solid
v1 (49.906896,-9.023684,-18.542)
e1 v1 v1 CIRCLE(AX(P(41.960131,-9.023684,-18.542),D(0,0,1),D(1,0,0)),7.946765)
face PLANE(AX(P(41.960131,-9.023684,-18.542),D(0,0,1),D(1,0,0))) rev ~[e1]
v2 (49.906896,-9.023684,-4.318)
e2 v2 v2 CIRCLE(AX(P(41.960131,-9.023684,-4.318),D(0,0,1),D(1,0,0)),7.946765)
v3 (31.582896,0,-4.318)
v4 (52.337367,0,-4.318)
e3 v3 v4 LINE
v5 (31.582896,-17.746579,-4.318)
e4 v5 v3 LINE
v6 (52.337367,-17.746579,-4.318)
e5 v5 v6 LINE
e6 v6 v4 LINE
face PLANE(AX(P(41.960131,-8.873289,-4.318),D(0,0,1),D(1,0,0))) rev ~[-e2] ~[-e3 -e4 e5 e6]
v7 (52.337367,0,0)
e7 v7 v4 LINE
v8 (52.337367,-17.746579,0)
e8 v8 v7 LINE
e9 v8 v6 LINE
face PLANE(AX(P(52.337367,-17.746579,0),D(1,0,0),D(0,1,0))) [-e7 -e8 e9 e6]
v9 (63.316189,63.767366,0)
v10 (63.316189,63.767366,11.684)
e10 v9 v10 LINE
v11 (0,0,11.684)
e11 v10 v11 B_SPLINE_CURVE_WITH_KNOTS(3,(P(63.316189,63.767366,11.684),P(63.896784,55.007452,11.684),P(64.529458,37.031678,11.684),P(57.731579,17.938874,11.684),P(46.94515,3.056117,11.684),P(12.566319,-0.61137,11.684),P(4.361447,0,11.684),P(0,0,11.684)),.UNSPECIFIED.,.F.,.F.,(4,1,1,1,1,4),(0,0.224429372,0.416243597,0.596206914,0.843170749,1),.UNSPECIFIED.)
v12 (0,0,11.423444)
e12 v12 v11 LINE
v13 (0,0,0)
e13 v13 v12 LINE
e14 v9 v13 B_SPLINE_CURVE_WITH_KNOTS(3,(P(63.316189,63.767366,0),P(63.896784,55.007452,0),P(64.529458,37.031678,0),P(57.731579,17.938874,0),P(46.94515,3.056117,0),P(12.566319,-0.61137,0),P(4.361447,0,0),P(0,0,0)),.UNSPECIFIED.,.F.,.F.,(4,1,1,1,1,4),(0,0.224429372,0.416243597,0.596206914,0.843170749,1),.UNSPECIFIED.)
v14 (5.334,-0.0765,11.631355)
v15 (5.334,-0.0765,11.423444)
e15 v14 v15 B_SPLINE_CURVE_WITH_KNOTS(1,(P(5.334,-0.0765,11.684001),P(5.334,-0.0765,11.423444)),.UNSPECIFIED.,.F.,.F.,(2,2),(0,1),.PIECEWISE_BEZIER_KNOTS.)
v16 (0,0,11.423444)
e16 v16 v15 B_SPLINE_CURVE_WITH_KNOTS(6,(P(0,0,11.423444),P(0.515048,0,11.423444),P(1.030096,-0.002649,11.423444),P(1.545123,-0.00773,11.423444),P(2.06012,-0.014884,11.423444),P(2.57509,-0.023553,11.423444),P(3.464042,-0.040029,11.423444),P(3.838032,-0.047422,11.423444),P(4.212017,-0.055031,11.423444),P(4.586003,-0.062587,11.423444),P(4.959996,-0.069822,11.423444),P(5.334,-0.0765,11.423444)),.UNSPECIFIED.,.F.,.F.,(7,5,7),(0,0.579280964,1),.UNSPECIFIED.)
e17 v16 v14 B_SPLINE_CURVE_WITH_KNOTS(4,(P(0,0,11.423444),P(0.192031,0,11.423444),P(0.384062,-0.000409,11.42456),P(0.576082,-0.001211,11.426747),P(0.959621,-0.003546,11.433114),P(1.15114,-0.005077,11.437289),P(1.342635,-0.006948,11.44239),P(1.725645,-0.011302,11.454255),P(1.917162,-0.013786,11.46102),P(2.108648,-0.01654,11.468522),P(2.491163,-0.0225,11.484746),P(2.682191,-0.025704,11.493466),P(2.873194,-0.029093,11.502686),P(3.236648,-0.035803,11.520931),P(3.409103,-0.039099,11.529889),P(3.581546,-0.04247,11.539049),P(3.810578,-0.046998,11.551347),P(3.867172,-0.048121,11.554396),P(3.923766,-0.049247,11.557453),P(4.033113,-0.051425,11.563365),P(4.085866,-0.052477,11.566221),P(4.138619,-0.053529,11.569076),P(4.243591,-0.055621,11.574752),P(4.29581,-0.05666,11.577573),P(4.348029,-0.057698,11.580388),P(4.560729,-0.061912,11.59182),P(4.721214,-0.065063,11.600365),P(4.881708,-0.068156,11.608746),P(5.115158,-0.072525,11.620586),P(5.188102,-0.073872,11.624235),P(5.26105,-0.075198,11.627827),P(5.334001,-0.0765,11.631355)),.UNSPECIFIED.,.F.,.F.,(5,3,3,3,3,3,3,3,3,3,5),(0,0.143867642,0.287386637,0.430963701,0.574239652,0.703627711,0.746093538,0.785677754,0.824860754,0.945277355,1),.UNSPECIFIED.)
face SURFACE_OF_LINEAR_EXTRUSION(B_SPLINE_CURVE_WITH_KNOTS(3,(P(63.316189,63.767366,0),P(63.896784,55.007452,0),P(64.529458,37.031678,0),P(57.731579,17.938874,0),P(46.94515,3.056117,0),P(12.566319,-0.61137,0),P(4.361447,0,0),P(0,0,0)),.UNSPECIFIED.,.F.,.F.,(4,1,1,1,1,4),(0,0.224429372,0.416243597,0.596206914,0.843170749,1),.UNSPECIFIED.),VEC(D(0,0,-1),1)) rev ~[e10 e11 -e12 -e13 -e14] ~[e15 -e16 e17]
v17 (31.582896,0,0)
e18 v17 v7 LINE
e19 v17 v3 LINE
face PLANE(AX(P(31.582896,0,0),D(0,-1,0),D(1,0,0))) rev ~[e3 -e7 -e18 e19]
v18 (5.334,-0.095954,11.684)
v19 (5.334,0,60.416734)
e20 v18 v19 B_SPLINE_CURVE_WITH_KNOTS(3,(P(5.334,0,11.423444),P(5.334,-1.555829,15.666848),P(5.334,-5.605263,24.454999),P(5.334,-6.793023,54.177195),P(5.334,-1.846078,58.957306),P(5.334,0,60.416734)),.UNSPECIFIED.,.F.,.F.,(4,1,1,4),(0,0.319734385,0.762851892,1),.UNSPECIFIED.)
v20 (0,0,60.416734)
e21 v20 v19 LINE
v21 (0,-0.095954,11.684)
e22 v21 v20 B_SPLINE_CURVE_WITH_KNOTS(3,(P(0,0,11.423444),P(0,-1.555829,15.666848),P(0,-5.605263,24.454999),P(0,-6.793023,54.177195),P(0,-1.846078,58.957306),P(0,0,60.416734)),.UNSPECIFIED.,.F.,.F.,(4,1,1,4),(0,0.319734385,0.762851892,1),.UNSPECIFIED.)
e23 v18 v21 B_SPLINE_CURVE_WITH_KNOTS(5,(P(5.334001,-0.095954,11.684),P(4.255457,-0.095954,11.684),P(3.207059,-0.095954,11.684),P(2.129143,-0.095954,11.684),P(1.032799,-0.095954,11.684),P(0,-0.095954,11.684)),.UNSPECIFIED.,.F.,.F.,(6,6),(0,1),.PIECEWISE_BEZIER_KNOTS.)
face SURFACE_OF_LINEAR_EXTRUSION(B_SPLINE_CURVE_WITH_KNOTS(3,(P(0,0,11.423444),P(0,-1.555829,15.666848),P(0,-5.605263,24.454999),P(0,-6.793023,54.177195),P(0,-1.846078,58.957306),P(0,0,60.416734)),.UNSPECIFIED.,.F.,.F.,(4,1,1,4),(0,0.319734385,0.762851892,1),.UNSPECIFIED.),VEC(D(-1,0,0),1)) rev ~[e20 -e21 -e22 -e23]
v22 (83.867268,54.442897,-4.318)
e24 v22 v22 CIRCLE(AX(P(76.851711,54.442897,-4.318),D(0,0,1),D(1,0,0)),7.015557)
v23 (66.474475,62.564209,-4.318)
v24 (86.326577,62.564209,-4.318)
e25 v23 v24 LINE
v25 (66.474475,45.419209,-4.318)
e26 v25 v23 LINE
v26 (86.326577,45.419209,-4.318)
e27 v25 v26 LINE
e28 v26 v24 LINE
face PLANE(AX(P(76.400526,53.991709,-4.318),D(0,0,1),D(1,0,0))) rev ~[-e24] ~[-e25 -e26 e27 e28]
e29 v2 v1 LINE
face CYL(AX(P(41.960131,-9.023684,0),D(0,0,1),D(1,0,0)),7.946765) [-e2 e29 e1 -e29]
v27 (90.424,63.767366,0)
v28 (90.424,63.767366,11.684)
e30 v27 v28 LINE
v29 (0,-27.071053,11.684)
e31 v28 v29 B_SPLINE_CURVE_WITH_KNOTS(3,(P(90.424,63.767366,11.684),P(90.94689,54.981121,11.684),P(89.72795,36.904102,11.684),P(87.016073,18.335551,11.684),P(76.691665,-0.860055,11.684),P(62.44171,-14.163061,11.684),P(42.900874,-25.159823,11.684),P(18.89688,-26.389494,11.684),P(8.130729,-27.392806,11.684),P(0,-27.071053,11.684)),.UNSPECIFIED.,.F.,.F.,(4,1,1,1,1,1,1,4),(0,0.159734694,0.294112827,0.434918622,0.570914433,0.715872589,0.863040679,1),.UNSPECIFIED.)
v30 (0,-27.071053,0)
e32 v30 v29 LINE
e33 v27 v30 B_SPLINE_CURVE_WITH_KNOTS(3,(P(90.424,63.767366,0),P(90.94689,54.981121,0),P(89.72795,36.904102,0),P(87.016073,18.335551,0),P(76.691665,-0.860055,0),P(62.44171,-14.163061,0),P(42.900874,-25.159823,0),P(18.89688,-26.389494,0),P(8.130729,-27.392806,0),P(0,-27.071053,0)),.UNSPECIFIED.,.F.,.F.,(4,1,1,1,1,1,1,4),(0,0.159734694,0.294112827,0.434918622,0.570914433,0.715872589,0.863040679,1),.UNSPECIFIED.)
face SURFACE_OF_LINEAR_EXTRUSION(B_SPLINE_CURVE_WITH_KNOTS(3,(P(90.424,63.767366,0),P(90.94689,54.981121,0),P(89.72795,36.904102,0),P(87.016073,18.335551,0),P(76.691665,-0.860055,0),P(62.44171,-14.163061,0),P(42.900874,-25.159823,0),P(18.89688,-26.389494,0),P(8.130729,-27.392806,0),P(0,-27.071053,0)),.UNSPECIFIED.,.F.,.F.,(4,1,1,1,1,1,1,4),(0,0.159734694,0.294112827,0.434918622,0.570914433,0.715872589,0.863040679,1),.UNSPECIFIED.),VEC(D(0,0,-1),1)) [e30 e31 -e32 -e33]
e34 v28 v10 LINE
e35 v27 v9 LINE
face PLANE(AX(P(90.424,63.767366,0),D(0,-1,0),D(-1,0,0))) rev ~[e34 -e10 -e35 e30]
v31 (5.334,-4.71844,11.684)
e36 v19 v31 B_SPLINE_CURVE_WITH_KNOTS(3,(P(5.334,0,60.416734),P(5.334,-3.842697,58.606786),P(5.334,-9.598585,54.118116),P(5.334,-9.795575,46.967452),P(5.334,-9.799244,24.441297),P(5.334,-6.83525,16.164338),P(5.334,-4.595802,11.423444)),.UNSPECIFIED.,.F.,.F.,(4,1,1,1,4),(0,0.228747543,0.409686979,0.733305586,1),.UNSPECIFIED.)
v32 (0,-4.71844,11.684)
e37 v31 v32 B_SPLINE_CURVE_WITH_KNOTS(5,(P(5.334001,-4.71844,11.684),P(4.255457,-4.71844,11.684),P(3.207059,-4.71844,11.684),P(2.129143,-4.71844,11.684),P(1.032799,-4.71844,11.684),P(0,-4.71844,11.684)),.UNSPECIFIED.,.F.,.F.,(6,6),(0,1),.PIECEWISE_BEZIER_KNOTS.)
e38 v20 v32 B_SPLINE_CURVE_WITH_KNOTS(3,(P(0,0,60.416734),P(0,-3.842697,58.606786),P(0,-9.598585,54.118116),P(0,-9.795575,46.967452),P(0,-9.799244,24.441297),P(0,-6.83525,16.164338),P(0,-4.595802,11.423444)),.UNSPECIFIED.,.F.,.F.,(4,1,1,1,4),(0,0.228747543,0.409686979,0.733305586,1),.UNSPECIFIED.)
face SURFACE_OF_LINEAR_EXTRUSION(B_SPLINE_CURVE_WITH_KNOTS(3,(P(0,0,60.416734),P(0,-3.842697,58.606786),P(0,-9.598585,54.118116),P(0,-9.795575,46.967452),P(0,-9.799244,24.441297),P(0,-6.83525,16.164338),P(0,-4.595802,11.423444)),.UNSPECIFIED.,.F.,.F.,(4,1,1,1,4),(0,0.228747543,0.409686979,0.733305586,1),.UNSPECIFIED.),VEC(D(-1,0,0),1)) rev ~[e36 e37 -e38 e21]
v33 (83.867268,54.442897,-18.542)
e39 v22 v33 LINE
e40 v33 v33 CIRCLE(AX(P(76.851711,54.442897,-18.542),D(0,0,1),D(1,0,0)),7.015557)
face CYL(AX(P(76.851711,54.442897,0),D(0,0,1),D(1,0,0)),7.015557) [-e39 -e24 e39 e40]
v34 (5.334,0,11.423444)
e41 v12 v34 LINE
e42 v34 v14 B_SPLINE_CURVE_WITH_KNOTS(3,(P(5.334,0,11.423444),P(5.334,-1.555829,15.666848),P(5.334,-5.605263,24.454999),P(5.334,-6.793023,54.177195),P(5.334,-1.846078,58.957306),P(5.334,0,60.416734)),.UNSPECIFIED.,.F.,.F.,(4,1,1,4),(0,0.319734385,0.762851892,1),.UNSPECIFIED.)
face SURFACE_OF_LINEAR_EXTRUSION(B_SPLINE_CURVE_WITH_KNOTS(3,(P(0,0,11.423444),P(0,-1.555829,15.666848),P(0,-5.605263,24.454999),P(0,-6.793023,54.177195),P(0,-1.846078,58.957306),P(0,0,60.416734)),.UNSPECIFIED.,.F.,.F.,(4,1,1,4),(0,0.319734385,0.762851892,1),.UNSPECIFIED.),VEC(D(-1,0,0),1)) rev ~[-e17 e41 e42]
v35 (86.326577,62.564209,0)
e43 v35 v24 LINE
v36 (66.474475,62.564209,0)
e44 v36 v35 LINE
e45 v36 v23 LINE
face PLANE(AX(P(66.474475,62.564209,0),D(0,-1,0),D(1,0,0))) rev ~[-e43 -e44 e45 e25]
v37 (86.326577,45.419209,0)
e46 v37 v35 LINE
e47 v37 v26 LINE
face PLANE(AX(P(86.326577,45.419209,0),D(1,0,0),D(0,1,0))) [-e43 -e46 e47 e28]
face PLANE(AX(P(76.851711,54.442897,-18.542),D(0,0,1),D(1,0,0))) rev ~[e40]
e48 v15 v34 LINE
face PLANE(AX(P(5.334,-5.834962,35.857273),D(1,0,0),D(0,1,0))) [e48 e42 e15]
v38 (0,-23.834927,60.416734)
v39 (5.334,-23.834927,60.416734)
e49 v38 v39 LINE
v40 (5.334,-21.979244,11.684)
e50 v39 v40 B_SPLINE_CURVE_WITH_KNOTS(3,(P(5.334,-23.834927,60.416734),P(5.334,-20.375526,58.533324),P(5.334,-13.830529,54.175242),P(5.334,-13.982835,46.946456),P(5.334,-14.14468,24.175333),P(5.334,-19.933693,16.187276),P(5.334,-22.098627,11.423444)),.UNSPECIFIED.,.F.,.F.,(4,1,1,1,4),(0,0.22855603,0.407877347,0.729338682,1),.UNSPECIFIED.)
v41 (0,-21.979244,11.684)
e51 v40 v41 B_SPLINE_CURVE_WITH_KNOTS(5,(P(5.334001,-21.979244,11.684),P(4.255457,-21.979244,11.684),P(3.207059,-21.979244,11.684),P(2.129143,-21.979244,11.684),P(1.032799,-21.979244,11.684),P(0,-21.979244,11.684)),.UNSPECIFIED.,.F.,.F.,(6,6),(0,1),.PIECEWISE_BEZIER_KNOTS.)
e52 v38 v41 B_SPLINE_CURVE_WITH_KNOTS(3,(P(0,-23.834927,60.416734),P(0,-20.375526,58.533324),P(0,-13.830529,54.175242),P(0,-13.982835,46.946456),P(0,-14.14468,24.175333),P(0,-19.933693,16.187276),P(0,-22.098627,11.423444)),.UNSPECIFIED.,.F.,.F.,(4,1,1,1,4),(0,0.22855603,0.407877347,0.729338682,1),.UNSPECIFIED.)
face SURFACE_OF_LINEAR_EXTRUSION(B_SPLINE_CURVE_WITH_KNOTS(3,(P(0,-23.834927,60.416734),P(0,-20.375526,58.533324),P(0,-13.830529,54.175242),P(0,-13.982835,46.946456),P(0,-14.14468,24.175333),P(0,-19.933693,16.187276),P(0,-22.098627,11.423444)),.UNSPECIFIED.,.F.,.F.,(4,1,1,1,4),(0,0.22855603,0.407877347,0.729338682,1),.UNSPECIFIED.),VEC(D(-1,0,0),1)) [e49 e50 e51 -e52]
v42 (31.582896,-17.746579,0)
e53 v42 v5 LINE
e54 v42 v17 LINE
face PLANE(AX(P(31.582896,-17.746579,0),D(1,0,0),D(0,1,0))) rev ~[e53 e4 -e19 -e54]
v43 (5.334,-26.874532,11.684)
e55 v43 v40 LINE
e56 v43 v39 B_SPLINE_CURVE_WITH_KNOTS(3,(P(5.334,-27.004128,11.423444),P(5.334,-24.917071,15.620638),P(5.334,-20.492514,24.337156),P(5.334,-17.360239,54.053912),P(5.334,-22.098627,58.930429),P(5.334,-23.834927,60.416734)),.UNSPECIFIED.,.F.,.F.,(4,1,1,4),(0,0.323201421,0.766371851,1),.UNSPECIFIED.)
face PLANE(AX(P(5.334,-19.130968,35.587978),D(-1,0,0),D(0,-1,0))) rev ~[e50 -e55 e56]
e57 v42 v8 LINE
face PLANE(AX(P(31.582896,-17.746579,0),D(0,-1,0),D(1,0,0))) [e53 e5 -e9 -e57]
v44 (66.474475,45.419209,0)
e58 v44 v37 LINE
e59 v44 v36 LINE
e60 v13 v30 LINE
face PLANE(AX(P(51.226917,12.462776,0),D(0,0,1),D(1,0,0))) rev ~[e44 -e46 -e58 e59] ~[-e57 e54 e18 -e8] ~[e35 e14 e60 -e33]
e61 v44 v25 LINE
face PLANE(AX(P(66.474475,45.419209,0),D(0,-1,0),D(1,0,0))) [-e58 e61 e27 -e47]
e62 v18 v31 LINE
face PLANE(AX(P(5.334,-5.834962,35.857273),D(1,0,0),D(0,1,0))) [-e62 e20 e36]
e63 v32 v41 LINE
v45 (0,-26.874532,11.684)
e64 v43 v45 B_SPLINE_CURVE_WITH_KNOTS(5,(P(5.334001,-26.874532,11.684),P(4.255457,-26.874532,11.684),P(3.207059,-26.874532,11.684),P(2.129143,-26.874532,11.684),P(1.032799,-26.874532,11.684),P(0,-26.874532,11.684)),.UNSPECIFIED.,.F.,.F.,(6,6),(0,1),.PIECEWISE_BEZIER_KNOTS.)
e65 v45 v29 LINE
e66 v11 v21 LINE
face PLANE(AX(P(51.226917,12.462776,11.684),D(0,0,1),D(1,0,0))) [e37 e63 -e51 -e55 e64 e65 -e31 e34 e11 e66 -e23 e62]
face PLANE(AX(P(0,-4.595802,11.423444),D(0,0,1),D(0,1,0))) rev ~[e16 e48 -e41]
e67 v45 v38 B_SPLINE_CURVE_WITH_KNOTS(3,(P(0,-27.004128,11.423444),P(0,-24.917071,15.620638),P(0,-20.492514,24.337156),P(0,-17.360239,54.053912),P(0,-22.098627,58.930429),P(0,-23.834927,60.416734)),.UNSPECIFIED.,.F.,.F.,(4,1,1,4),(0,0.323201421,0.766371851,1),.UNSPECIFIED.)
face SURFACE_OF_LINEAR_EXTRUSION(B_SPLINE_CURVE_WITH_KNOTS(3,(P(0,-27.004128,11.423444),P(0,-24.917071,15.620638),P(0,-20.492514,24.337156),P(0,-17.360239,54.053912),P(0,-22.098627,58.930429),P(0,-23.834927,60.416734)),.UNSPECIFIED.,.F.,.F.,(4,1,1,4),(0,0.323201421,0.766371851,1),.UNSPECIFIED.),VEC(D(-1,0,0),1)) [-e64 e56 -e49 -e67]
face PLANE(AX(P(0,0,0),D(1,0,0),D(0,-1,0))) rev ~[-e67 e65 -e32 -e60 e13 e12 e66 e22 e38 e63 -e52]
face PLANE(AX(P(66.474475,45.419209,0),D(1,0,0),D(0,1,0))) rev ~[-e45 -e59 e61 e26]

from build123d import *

# Parameters (mm, degrees)
F1_R     = 7.0155570226
F2_DEPTH = 18.542
F3_R     = 7.9467646893
F4_DEPTH = 18.542
F7_DEPTH = 5.334
F8_DEPTH = 11.684
F0_W     = 20.7544714212
F0_H     = 17.746578902
F0_W_2   = 19.8521018028
F0_H_2   = 17.1450003982
F9_DEPTH = 4.318


with BuildPart() as f2:
    # F1 (on Top) → F2 (new body)
    with BuildSketch(Plane.XY):
        with Locations((76.8517106771, 54.442897439)):
            Circle(F1_R)
    extrude(amount=-F2_DEPTH)



with BuildPart() as f4:
    # F3 (on Top) → F4 (new body)
    with BuildSketch(Plane.XY):
        with Locations((41.960131377, -9.023684077)):
            Circle(F3_R)
    extrude(amount=-F4_DEPTH)


with BuildPart() as f7:
    # F6 (on Right) → F7 (new body)
    with BuildSketch(Plane.YZ):
        with BuildLine():
            add(Edge.make_bspline(
                [(-27.004128322, 11.4234443754), (-24.9170712549, 15.6206381214), (-20.4925139948, 24.3371562752), (-17.3602385126, 54.0539118613), (-22.0986272096, 58.9304288492), (-23.8349272719, 60.4167338461)],
                knots=[0, 0, 0, 0, 0.323201421, 0.7663718509, 1, 1, 1, 1], degree=3))
            Line((-27.004128322, 11.4234443754), (-22.0986272096, 11.4234443754))
            add(Edge.make_bspline(
                [(-23.8349272719, 60.4167338461), (-20.3755259414, 58.5333244768), (-13.8305290902, 54.1752420005), (-13.9828351318, 46.9464555143), (-14.1446804387, 24.1753330063), (-19.9336931034, 16.1872758203), (-22.0986272096, 11.4234443754)],
                knots=[0, 0, 0, 0, 0.2285560301, 0.4078773473, 0.7293386816, 1, 1, 1, 1], degree=3))
        make_face()
    extrude(amount=F7_DEPTH)


with BuildPart() as f7b:
    # F6 (on Right) → F7, piece 2 (new body)
    with BuildSketch(Plane.YZ):
        with BuildLine():
            Line((-4.5958016999, 11.4234443754), (0, 11.4234443754))
            add(Edge.make_bspline(
                [(0, 11.4234443754), (-1.5558292644, 15.6668477759), (-5.6052633039, 24.4549985378), (-6.7930231719, 54.1771953118), (-1.846077584, 58.9573064034), (0, 60.4167338461)],
                knots=[0, 0, 0, 0, 0.3197343851, 0.7628518919, 1, 1, 1, 1], degree=3))
            add(Edge.make_bspline(
                [(0, 60.4167338461), (-3.8426967978, 58.6067863753), (-9.5985845649, 54.1181159991), (-9.7955748005, 46.9674516518), (-9.7992443925, 24.4412973301), (-6.835249773, 16.1643384386), (-4.5958016999, 11.4234443754)],
                knots=[0, 0, 0, 0, 0.2287475428, 0.4096869795, 0.733305586, 1, 1, 1, 1], degree=3))
        make_face()
    extrude(amount=F7_DEPTH)


with BuildPart() as f2_1:
    add(f2.part)

    add(f4.part)  # F8 merges F4

    add(f7.part)  # F8 merges F7

    add(f7b.part)  # F8 merges F7b
    # F5 (on Top) → F8 (join)
    with BuildSketch(Plane.XY):
        with BuildLine():
            Line((0, 0), (0, -27.0710531622))
            add(Edge.make_bspline(
                [(90.4240001332, 63.7673661113), (90.946889777, 54.9811213625), (89.7279496558, 36.9041024903), (87.016072715, 18.3355513143), (76.691665346, -0.8600546564), (62.441709707, -14.1630605577), (42.9008739567, -25.1598232125), (18.8968795163, -26.3894935088), (8.1307288286, -27.3928058719), (0, -27.0710531622)],
                knots=[0, 0, 0, 0, 0.1597346938, 0.2941128272, 0.434918622, 0.5709144334, 0.7158725886, 0.8630406795, 1, 1, 1, 1], degree=3))
            Line((90.4240001332, 63.7673661113), (63.3161887527, 63.7673661113))
            add(Edge.make_bspline(
                [(63.3161887527, 63.7673661113), (63.89678398, 55.0074521155), (64.5294580411, 37.0316782662), (57.7315789572, 17.9388743499), (46.9451503691, 3.0561166092), (12.5663186528, -0.6113698403), (4.3614469469, 0), (0, 0)],
                knots=[0, 0, 0, 0, 0.224429372, 0.4162435973, 0.596206914, 0.8431707494, 1, 1, 1, 1], degree=3))
        make_face()
    extrude(amount=F8_DEPTH)

    # F0 (on Top) → F9 (join)
    with BuildSketch(Plane.XY):
        with Locations((41.960131377, -8.873289451)):
            Rectangle(F0_W, F0_H)
        with Locations((76.4005258679, 53.9917089045)):
            Rectangle(F0_W_2, F0_H_2)
    extrude(amount=-F9_DEPTH)


solid = f2_1.part
